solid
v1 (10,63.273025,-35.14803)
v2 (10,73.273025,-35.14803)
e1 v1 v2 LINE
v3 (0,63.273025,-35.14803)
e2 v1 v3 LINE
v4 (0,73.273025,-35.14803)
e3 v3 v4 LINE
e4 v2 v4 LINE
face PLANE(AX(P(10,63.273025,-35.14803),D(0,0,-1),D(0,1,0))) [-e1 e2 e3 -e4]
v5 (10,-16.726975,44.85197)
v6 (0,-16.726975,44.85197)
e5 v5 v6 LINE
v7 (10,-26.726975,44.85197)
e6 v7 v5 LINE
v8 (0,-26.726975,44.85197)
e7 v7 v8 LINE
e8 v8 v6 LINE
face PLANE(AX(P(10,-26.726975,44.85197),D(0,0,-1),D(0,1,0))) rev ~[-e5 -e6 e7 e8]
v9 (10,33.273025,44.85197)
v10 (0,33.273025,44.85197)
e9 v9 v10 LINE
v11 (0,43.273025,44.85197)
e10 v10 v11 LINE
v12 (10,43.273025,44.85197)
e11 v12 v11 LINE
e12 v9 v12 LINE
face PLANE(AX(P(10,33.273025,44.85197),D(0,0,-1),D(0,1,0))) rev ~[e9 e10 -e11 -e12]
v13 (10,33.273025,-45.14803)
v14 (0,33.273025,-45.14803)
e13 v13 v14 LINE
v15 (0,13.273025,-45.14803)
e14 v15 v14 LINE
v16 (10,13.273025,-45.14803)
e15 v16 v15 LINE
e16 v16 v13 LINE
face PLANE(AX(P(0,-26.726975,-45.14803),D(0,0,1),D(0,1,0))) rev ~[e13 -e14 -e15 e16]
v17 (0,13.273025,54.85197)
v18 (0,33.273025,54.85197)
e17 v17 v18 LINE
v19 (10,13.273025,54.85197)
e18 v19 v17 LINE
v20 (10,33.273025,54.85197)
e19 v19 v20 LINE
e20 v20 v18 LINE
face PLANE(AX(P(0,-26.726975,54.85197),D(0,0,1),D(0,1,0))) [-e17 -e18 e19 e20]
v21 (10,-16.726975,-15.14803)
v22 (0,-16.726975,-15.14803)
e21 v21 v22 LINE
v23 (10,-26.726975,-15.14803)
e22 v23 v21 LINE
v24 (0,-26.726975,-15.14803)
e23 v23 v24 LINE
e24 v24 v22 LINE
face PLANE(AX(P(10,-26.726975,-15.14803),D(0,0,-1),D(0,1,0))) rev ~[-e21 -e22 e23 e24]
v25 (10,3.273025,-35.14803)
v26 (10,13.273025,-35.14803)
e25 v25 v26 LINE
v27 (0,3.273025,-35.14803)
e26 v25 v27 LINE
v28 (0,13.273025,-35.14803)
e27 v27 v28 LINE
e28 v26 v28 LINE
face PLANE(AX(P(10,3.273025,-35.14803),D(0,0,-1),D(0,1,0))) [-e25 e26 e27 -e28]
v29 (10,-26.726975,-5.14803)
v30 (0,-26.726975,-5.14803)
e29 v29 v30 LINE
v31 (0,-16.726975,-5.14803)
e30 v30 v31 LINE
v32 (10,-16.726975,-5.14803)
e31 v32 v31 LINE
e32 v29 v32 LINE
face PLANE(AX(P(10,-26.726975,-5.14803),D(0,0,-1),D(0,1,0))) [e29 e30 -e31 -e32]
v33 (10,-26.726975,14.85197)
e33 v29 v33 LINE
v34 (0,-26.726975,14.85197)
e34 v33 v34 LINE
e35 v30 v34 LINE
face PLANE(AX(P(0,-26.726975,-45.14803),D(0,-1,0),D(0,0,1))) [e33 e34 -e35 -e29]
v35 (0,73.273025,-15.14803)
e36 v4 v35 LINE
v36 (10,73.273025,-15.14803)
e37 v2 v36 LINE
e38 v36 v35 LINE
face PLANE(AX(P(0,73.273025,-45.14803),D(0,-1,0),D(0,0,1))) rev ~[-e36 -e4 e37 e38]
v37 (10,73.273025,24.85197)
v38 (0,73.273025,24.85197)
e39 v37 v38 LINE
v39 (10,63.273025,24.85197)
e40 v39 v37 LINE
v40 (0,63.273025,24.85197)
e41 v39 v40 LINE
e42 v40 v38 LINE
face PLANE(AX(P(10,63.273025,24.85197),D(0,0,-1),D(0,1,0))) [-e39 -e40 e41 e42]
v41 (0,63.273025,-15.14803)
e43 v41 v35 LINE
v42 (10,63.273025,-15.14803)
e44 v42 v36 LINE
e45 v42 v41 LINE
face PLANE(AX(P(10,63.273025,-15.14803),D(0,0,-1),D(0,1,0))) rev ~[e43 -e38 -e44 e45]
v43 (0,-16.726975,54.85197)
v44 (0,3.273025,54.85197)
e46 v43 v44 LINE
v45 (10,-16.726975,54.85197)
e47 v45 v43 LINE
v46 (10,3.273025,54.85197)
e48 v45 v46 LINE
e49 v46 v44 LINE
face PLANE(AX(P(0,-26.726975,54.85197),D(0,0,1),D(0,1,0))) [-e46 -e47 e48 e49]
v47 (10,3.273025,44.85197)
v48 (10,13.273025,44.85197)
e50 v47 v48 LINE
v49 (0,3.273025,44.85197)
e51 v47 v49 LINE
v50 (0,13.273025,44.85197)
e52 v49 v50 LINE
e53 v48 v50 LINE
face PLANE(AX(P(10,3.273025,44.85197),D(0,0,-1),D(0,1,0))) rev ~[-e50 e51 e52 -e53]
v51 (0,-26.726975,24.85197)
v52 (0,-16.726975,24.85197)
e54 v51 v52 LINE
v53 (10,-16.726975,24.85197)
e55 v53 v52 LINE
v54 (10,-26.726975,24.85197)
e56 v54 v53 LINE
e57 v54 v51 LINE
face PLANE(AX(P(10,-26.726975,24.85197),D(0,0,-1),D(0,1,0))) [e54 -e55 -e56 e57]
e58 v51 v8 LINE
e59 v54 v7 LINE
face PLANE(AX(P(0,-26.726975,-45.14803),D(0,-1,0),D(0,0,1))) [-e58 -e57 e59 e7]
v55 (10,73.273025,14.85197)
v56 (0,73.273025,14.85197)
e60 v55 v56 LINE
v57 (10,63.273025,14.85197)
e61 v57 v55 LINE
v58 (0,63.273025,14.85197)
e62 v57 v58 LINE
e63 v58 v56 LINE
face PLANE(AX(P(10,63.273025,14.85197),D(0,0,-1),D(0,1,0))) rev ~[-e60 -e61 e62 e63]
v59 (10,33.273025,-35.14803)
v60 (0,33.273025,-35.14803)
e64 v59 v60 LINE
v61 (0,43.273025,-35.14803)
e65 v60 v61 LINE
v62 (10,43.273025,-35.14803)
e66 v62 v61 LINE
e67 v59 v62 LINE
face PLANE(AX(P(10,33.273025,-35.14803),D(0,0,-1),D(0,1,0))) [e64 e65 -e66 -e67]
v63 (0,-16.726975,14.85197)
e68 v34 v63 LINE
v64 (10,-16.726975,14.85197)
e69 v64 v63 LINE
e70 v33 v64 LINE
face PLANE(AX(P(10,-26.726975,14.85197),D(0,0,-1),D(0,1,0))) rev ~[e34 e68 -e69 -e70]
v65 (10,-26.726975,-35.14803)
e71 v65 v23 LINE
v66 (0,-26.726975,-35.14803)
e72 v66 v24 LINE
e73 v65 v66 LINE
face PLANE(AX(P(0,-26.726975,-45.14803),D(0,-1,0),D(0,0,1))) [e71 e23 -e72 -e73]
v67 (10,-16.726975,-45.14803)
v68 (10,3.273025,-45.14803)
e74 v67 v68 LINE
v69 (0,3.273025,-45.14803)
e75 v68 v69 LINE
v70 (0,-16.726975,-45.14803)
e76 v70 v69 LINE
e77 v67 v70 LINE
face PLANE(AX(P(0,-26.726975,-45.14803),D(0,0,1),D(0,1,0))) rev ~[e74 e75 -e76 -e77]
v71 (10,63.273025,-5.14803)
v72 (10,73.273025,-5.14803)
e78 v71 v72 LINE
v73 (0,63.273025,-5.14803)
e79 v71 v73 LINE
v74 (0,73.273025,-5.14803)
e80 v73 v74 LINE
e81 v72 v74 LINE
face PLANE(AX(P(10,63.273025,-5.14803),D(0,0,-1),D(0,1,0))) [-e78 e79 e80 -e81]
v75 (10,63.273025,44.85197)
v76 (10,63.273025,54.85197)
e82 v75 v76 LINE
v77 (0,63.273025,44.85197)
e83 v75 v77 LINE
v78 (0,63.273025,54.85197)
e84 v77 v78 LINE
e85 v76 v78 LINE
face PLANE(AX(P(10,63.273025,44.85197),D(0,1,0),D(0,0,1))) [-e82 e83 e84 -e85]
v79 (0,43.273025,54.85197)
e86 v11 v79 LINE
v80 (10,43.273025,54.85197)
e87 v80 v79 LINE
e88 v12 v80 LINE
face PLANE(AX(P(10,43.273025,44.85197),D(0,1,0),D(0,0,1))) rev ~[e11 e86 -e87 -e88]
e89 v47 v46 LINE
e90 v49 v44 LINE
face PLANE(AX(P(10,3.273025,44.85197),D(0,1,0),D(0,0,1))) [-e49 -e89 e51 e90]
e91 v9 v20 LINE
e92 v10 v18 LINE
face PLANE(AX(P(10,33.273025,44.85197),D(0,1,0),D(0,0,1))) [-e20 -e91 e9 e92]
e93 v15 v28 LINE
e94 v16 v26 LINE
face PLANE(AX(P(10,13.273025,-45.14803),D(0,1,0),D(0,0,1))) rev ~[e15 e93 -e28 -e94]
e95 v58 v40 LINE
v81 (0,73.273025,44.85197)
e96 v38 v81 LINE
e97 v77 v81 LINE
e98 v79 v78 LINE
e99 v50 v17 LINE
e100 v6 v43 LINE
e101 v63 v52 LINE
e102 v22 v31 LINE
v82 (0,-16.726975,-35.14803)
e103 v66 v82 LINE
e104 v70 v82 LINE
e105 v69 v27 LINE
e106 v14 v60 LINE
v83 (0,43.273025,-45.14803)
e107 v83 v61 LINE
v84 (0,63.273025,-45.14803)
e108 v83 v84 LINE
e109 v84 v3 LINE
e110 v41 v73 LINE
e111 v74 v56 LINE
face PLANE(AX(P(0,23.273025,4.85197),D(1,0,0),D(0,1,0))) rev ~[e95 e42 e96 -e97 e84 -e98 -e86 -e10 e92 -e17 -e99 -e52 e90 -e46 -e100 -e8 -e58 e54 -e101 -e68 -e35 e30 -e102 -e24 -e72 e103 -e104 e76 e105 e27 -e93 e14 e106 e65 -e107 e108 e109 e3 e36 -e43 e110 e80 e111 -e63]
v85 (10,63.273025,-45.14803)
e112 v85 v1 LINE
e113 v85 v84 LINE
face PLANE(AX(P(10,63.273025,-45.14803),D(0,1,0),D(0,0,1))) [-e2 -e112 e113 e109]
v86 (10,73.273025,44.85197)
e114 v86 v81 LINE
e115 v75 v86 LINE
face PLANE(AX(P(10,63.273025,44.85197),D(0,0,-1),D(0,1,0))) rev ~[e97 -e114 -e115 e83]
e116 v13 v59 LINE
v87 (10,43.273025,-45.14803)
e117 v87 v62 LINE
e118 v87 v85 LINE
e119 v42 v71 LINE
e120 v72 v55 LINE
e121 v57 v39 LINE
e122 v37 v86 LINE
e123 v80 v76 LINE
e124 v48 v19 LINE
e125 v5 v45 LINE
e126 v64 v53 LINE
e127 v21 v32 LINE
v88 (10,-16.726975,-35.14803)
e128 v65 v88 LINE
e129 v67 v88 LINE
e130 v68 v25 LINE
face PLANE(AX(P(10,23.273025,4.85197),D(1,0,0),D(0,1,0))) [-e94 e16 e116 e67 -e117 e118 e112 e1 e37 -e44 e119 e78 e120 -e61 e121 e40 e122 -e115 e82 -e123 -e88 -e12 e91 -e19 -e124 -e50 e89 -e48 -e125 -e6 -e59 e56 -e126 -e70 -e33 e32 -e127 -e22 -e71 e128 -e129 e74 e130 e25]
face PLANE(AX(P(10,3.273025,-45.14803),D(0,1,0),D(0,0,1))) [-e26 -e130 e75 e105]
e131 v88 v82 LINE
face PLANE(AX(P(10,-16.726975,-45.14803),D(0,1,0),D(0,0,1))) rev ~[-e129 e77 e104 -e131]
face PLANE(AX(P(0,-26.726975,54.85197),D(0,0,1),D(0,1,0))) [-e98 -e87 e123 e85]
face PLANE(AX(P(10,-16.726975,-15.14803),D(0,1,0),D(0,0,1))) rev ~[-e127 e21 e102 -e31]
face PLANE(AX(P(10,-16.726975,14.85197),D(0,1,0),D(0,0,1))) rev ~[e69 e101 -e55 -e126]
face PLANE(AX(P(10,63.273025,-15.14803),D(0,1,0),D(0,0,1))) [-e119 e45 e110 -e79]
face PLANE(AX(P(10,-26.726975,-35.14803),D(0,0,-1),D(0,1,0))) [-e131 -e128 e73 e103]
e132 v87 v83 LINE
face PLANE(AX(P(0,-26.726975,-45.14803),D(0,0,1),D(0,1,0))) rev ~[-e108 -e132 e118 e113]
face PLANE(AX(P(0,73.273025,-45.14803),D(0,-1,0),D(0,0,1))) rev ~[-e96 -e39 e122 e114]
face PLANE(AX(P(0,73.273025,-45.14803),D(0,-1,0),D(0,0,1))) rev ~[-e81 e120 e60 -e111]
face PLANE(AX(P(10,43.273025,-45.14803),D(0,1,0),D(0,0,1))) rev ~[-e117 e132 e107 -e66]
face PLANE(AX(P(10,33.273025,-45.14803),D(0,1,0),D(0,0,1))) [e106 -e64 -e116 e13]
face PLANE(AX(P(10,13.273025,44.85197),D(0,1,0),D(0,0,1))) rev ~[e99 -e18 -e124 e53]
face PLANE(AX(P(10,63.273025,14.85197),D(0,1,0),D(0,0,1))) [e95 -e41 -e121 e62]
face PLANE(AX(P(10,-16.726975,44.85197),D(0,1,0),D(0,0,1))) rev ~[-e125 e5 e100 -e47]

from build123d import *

# Parameters (mm, degrees)
F0_W      = 100
F0_H      = 100
F1_DEPTH  = 10
F2_W      = 10
F2_H      = 10
F3_DEPTH  = 10
F4_W      = 10
F4_H      = 10
F5_DEPTH  = 25
F6_W      = 10
F6_H      = 10
F7_DEPTH  = 10
F8_W      = 10
F8_H      = 10
F9_DEPTH  = 10
F10_W     = 10
F10_H     = 10
F11_DEPTH = 10
F12_W     = 10
F12_H     = 10
F13_DEPTH = 10
F14_W     = 10
F14_H     = 10
F15_DEPTH = 20
F16_W     = 10
F16_H     = 10
F17_DEPTH = 10
F18_W     = 10
F18_H     = 10
F19_DEPTH = 10
F20_W     = 10
F20_H     = 10
F21_DEPTH = 10
F22_W     = 10
F22_H     = 10
F23_DEPTH = 10
F24_W     = 10
F24_H     = 10
F25_DEPTH = 10


with BuildPart() as f1:
    # F0 (on Right) → F1 (new body)
    with BuildSketch(Plane.YZ):
        with Locations((23.273025, 4.85197)):
            Rectangle(F0_W, F0_H)
    extrude(amount=F1_DEPTH)

    # F2 (on face) → F3 (cut)
    with BuildSketch(Plane.YZ.offset(10)):
        with Locations((-21.726975, 49.85197)):
            Rectangle(F2_W, F2_H)
    extrude(amount=-F3_DEPTH, mode=Mode.SUBTRACT)

    # F4 (on face) → F5 (cut)
    with BuildSketch(Plane.YZ.offset(10)):
        with Locations((-21.726975, 19.85197)):
            Rectangle(F4_W, F4_H)
    extrude(amount=-F5_DEPTH, mode=Mode.SUBTRACT)

    # F6 (on face) → F7 (cut)
    with BuildSketch(Plane.YZ.offset(10)):
        with Locations((-21.726975, -10.14803)):
            Rectangle(F6_W, F6_H)
    extrude(amount=-F7_DEPTH, mode=Mode.SUBTRACT)

    # F8 (on face) → F9 (cut)
    with BuildSketch(Plane.YZ.offset(10)):
        with Locations((-21.726975, -40.14803)):
            Rectangle(F8_W, F8_H)
    extrude(amount=-F9_DEPTH, mode=Mode.SUBTRACT)

    # F10 (on face) → F11 (cut)
    with BuildSketch(Plane.YZ.offset(10)):
        with Locations((8.273025, -40.14803)):
            Rectangle(F10_W, F10_H)
    extrude(amount=-F11_DEPTH, mode=Mode.SUBTRACT)

    # F12 (on face) → F13 (cut)
    with BuildSketch(Plane.YZ.offset(10)):
        with Locations((38.273025, -40.14803)):
            Rectangle(F12_W, F12_H)
    extrude(amount=-F13_DEPTH, mode=Mode.SUBTRACT)

    # F14 (on face) → F15 (cut)
    with BuildSketch(Plane.YZ.offset(10)):
        with Locations((68.273025, -40.14803)):
            Rectangle(F14_W, F14_H)
    extrude(amount=-F15_DEPTH, mode=Mode.SUBTRACT)

    # F16 (on face) → F17 (cut)
    with BuildSketch(Plane.YZ.offset(10)):
        with Locations((68.273025, -10.14803)):
            Rectangle(F16_W, F16_H)
    extrude(amount=-F17_DEPTH, mode=Mode.SUBTRACT)

    # F18 (on face) → F19 (cut)
    with BuildSketch(Plane.YZ.offset(10)):
        with Locations((68.273025, 19.85197)):
            Rectangle(F18_W, F18_H)
    extrude(amount=-F19_DEPTH, mode=Mode.SUBTRACT)

    # F20 (on face) → F21 (cut)
    with BuildSketch(Plane.YZ.offset(10)):
        with Locations((68.273025, 49.85197)):
            Rectangle(F20_W, F20_H)
    extrude(amount=-F21_DEPTH, mode=Mode.SUBTRACT)

    # F22 (on face) → F23 (cut)
    with BuildSketch(Plane.YZ.offset(10)):
        with Locations((38.273025, 49.85197)):
            Rectangle(F22_W, F22_H)
    extrude(amount=-F23_DEPTH, mode=Mode.SUBTRACT)

    # F24 (on face) → F25 (cut)
    with BuildSketch(Plane.YZ.offset(10)):
        with Locations((8.273025, 49.85197)):
            Rectangle(F24_W, F24_H)
    extrude(amount=-F25_DEPTH, mode=Mode.SUBTRACT)


solid = f1.part
